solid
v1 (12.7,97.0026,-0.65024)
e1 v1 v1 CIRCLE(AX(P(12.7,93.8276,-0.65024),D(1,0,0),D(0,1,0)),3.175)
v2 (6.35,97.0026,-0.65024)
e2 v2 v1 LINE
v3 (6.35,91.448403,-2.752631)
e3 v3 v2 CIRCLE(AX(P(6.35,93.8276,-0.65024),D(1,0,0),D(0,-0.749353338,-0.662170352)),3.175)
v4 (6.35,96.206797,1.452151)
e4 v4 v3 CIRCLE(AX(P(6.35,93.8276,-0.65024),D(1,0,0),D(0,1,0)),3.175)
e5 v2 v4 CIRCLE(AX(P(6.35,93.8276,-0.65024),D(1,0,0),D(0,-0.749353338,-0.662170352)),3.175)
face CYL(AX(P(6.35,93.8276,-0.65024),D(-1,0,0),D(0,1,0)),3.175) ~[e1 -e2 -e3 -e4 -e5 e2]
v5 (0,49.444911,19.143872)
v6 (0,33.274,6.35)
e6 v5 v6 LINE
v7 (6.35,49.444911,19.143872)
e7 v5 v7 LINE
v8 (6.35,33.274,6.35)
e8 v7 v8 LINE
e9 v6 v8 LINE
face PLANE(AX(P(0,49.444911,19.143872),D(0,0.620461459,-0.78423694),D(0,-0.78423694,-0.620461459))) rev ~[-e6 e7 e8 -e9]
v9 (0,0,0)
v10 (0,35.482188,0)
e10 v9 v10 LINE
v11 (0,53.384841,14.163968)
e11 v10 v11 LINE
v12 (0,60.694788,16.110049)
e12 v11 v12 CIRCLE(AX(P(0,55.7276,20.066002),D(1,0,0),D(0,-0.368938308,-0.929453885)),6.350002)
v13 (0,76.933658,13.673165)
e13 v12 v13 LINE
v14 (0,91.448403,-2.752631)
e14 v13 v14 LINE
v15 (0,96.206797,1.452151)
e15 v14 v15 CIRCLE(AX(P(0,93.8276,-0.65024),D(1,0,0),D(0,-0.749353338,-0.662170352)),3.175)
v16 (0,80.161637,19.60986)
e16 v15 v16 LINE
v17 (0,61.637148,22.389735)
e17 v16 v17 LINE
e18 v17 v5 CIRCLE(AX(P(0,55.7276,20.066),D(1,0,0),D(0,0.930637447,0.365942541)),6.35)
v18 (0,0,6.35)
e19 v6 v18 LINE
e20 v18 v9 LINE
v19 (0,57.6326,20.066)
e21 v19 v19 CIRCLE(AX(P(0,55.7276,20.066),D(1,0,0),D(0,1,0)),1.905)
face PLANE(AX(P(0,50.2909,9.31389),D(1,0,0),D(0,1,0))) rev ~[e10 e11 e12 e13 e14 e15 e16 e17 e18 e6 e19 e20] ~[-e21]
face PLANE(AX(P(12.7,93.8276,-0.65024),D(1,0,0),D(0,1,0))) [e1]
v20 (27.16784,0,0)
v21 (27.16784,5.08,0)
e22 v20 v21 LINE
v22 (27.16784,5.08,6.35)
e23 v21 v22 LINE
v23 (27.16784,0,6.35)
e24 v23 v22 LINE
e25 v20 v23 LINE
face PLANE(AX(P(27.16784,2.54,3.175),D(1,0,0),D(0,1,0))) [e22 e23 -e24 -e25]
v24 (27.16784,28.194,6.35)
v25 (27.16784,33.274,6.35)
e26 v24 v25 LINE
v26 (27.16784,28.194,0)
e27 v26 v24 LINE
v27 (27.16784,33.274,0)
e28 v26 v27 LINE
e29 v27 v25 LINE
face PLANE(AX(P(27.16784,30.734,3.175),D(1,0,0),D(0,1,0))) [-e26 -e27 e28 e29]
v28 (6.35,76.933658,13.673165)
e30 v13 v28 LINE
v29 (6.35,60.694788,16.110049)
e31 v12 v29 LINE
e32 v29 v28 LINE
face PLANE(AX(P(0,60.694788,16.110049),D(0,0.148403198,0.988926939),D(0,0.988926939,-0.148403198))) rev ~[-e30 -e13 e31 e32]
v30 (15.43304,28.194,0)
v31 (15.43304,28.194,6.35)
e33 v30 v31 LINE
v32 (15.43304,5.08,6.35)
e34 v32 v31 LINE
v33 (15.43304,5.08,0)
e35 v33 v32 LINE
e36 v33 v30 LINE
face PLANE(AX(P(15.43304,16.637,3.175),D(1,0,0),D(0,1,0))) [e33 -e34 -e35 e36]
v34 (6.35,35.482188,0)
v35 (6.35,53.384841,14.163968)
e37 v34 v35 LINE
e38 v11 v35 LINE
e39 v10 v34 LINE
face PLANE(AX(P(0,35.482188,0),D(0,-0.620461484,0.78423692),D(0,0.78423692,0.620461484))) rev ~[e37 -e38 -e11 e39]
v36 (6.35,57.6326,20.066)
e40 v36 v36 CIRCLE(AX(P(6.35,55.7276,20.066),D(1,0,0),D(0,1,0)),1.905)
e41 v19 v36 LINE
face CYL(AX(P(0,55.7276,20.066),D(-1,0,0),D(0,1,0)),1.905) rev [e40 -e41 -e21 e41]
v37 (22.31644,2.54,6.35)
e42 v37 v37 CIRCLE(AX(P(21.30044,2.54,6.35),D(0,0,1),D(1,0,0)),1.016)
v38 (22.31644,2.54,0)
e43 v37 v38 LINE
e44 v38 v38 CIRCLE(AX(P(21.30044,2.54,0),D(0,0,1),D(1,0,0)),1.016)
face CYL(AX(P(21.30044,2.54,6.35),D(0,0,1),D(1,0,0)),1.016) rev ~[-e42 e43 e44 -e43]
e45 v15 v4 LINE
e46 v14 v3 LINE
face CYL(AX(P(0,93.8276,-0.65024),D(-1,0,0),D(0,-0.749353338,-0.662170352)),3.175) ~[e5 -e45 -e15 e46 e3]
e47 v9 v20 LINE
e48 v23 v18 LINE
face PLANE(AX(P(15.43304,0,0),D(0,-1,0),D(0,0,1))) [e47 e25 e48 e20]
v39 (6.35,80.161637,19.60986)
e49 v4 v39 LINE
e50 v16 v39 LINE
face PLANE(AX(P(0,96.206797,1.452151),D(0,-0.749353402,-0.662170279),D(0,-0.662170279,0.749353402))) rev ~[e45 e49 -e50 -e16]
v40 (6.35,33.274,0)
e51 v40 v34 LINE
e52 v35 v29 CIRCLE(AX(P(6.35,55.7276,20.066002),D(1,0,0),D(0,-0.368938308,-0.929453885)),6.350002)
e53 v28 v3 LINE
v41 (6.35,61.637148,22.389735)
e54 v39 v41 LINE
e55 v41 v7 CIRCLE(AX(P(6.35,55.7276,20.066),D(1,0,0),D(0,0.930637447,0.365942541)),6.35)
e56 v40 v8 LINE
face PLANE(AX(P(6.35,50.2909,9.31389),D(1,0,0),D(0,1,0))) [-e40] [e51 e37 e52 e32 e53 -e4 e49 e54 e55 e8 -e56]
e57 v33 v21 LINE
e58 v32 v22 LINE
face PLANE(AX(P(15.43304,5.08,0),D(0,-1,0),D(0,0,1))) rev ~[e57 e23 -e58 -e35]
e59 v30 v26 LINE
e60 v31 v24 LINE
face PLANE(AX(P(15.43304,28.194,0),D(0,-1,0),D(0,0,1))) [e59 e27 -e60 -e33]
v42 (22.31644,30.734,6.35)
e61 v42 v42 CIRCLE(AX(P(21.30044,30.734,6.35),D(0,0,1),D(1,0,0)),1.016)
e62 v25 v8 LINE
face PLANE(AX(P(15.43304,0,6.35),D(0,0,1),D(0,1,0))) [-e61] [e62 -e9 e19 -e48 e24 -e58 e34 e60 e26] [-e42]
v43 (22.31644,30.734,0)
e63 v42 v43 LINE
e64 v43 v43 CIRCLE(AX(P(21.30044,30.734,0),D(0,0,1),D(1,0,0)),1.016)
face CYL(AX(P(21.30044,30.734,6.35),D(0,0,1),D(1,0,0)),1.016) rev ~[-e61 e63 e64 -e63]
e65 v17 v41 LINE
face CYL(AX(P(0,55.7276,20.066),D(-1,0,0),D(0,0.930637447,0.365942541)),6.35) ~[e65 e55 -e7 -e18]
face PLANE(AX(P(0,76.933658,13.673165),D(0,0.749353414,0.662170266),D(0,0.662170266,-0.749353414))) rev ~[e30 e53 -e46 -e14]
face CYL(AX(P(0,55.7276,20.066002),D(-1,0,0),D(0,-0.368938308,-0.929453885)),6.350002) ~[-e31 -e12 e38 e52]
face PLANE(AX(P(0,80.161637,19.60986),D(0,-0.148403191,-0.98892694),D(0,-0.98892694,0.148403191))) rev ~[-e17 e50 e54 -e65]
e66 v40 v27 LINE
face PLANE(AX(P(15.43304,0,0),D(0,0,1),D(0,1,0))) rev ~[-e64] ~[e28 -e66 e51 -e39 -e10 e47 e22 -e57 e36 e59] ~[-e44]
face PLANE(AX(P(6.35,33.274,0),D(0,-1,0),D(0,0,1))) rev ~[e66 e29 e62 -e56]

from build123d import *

# Parameters (mm, degrees)
F0_R     = 1.905
F1_DEPTH = 6.35
F2_R     = 3.175
F3_DEPTH = 6.35
F4_W     = 33.274
F4_H     = 6.35
F5_DEPTH = 9.08304
F6_W     = 5.08
F6_H     = 6.35
F7_DEPTH = 11.7348
F8_R     = 1.016
F9_DEPTH = 6.35


with BuildPart() as f1:
    # F0 (on Right) → F1 (new body)
    with BuildSketch(Plane.YZ):
        with BuildLine():
            Line((0, 6.35), (0, 0))
            Line((0, 0), (35.482188, 0))
            Line((35.482188, 0), (53.384841, 14.163968))
            ThreePointArc((53.384841, 14.163968), (57.36122, 13.929732), (60.694788, 16.110049))
            Line((60.694788, 16.110049), (76.933658, 13.673165))
            Line((76.933658, 13.673165), (91.448403, -2.752631))
            ThreePointArc((91.448403, -2.752631), (95.929991, -3.029437), (96.206797, 1.452151))
            Line((96.206797, 1.452151), (80.161637, 19.60986))
            Line((80.161637, 19.60986), (61.637148, 22.389735))
            ThreePointArc((61.637148, 22.389735), (54.09398, 26.202268), (49.444911, 19.143872))
            Line((49.444911, 19.143872), (33.274, 6.35))
            Line((33.274, 6.35), (0, 6.35))
        make_face()
        with Locations((55.7276, 20.066)):
            Circle(F0_R, mode=Mode.SUBTRACT)
    extrude(amount=F1_DEPTH)

    # F2 (on face) → F3 (join)
    with BuildSketch(Plane.YZ.offset(6.35)):
        with Locations((93.8276, -0.65024)):
            Circle(F2_R)
    extrude(amount=F3_DEPTH)

    # F4 (on face) → F5 (join)
    with BuildSketch(Plane.YZ.offset(6.35)):
        with Locations((16.637, 3.175)):
            Rectangle(F4_W, F4_H)
    extrude(amount=F5_DEPTH)

    # F6 (on face) → F7 (join)
    with BuildSketch(Plane.YZ.offset(15.43304)):
        with Locations((2.54, 3.175)):
            Rectangle(F6_W, F6_H)
        with Locations((30.734, 3.175)):
            Rectangle(F6_W, F6_H)
    extrude(amount=F7_DEPTH)

    # F8 (on face) → F9 (cut, through all)
    with BuildSketch(Plane.XY.offset(6.35)):
        with Locations((21.30044, 30.734)):
            Circle(F8_R)
        with Locations((21.30044, 2.54)):
            Circle(F8_R)
    extrude(amount=-F9_DEPTH, mode=Mode.SUBTRACT)


solid = f1.part
